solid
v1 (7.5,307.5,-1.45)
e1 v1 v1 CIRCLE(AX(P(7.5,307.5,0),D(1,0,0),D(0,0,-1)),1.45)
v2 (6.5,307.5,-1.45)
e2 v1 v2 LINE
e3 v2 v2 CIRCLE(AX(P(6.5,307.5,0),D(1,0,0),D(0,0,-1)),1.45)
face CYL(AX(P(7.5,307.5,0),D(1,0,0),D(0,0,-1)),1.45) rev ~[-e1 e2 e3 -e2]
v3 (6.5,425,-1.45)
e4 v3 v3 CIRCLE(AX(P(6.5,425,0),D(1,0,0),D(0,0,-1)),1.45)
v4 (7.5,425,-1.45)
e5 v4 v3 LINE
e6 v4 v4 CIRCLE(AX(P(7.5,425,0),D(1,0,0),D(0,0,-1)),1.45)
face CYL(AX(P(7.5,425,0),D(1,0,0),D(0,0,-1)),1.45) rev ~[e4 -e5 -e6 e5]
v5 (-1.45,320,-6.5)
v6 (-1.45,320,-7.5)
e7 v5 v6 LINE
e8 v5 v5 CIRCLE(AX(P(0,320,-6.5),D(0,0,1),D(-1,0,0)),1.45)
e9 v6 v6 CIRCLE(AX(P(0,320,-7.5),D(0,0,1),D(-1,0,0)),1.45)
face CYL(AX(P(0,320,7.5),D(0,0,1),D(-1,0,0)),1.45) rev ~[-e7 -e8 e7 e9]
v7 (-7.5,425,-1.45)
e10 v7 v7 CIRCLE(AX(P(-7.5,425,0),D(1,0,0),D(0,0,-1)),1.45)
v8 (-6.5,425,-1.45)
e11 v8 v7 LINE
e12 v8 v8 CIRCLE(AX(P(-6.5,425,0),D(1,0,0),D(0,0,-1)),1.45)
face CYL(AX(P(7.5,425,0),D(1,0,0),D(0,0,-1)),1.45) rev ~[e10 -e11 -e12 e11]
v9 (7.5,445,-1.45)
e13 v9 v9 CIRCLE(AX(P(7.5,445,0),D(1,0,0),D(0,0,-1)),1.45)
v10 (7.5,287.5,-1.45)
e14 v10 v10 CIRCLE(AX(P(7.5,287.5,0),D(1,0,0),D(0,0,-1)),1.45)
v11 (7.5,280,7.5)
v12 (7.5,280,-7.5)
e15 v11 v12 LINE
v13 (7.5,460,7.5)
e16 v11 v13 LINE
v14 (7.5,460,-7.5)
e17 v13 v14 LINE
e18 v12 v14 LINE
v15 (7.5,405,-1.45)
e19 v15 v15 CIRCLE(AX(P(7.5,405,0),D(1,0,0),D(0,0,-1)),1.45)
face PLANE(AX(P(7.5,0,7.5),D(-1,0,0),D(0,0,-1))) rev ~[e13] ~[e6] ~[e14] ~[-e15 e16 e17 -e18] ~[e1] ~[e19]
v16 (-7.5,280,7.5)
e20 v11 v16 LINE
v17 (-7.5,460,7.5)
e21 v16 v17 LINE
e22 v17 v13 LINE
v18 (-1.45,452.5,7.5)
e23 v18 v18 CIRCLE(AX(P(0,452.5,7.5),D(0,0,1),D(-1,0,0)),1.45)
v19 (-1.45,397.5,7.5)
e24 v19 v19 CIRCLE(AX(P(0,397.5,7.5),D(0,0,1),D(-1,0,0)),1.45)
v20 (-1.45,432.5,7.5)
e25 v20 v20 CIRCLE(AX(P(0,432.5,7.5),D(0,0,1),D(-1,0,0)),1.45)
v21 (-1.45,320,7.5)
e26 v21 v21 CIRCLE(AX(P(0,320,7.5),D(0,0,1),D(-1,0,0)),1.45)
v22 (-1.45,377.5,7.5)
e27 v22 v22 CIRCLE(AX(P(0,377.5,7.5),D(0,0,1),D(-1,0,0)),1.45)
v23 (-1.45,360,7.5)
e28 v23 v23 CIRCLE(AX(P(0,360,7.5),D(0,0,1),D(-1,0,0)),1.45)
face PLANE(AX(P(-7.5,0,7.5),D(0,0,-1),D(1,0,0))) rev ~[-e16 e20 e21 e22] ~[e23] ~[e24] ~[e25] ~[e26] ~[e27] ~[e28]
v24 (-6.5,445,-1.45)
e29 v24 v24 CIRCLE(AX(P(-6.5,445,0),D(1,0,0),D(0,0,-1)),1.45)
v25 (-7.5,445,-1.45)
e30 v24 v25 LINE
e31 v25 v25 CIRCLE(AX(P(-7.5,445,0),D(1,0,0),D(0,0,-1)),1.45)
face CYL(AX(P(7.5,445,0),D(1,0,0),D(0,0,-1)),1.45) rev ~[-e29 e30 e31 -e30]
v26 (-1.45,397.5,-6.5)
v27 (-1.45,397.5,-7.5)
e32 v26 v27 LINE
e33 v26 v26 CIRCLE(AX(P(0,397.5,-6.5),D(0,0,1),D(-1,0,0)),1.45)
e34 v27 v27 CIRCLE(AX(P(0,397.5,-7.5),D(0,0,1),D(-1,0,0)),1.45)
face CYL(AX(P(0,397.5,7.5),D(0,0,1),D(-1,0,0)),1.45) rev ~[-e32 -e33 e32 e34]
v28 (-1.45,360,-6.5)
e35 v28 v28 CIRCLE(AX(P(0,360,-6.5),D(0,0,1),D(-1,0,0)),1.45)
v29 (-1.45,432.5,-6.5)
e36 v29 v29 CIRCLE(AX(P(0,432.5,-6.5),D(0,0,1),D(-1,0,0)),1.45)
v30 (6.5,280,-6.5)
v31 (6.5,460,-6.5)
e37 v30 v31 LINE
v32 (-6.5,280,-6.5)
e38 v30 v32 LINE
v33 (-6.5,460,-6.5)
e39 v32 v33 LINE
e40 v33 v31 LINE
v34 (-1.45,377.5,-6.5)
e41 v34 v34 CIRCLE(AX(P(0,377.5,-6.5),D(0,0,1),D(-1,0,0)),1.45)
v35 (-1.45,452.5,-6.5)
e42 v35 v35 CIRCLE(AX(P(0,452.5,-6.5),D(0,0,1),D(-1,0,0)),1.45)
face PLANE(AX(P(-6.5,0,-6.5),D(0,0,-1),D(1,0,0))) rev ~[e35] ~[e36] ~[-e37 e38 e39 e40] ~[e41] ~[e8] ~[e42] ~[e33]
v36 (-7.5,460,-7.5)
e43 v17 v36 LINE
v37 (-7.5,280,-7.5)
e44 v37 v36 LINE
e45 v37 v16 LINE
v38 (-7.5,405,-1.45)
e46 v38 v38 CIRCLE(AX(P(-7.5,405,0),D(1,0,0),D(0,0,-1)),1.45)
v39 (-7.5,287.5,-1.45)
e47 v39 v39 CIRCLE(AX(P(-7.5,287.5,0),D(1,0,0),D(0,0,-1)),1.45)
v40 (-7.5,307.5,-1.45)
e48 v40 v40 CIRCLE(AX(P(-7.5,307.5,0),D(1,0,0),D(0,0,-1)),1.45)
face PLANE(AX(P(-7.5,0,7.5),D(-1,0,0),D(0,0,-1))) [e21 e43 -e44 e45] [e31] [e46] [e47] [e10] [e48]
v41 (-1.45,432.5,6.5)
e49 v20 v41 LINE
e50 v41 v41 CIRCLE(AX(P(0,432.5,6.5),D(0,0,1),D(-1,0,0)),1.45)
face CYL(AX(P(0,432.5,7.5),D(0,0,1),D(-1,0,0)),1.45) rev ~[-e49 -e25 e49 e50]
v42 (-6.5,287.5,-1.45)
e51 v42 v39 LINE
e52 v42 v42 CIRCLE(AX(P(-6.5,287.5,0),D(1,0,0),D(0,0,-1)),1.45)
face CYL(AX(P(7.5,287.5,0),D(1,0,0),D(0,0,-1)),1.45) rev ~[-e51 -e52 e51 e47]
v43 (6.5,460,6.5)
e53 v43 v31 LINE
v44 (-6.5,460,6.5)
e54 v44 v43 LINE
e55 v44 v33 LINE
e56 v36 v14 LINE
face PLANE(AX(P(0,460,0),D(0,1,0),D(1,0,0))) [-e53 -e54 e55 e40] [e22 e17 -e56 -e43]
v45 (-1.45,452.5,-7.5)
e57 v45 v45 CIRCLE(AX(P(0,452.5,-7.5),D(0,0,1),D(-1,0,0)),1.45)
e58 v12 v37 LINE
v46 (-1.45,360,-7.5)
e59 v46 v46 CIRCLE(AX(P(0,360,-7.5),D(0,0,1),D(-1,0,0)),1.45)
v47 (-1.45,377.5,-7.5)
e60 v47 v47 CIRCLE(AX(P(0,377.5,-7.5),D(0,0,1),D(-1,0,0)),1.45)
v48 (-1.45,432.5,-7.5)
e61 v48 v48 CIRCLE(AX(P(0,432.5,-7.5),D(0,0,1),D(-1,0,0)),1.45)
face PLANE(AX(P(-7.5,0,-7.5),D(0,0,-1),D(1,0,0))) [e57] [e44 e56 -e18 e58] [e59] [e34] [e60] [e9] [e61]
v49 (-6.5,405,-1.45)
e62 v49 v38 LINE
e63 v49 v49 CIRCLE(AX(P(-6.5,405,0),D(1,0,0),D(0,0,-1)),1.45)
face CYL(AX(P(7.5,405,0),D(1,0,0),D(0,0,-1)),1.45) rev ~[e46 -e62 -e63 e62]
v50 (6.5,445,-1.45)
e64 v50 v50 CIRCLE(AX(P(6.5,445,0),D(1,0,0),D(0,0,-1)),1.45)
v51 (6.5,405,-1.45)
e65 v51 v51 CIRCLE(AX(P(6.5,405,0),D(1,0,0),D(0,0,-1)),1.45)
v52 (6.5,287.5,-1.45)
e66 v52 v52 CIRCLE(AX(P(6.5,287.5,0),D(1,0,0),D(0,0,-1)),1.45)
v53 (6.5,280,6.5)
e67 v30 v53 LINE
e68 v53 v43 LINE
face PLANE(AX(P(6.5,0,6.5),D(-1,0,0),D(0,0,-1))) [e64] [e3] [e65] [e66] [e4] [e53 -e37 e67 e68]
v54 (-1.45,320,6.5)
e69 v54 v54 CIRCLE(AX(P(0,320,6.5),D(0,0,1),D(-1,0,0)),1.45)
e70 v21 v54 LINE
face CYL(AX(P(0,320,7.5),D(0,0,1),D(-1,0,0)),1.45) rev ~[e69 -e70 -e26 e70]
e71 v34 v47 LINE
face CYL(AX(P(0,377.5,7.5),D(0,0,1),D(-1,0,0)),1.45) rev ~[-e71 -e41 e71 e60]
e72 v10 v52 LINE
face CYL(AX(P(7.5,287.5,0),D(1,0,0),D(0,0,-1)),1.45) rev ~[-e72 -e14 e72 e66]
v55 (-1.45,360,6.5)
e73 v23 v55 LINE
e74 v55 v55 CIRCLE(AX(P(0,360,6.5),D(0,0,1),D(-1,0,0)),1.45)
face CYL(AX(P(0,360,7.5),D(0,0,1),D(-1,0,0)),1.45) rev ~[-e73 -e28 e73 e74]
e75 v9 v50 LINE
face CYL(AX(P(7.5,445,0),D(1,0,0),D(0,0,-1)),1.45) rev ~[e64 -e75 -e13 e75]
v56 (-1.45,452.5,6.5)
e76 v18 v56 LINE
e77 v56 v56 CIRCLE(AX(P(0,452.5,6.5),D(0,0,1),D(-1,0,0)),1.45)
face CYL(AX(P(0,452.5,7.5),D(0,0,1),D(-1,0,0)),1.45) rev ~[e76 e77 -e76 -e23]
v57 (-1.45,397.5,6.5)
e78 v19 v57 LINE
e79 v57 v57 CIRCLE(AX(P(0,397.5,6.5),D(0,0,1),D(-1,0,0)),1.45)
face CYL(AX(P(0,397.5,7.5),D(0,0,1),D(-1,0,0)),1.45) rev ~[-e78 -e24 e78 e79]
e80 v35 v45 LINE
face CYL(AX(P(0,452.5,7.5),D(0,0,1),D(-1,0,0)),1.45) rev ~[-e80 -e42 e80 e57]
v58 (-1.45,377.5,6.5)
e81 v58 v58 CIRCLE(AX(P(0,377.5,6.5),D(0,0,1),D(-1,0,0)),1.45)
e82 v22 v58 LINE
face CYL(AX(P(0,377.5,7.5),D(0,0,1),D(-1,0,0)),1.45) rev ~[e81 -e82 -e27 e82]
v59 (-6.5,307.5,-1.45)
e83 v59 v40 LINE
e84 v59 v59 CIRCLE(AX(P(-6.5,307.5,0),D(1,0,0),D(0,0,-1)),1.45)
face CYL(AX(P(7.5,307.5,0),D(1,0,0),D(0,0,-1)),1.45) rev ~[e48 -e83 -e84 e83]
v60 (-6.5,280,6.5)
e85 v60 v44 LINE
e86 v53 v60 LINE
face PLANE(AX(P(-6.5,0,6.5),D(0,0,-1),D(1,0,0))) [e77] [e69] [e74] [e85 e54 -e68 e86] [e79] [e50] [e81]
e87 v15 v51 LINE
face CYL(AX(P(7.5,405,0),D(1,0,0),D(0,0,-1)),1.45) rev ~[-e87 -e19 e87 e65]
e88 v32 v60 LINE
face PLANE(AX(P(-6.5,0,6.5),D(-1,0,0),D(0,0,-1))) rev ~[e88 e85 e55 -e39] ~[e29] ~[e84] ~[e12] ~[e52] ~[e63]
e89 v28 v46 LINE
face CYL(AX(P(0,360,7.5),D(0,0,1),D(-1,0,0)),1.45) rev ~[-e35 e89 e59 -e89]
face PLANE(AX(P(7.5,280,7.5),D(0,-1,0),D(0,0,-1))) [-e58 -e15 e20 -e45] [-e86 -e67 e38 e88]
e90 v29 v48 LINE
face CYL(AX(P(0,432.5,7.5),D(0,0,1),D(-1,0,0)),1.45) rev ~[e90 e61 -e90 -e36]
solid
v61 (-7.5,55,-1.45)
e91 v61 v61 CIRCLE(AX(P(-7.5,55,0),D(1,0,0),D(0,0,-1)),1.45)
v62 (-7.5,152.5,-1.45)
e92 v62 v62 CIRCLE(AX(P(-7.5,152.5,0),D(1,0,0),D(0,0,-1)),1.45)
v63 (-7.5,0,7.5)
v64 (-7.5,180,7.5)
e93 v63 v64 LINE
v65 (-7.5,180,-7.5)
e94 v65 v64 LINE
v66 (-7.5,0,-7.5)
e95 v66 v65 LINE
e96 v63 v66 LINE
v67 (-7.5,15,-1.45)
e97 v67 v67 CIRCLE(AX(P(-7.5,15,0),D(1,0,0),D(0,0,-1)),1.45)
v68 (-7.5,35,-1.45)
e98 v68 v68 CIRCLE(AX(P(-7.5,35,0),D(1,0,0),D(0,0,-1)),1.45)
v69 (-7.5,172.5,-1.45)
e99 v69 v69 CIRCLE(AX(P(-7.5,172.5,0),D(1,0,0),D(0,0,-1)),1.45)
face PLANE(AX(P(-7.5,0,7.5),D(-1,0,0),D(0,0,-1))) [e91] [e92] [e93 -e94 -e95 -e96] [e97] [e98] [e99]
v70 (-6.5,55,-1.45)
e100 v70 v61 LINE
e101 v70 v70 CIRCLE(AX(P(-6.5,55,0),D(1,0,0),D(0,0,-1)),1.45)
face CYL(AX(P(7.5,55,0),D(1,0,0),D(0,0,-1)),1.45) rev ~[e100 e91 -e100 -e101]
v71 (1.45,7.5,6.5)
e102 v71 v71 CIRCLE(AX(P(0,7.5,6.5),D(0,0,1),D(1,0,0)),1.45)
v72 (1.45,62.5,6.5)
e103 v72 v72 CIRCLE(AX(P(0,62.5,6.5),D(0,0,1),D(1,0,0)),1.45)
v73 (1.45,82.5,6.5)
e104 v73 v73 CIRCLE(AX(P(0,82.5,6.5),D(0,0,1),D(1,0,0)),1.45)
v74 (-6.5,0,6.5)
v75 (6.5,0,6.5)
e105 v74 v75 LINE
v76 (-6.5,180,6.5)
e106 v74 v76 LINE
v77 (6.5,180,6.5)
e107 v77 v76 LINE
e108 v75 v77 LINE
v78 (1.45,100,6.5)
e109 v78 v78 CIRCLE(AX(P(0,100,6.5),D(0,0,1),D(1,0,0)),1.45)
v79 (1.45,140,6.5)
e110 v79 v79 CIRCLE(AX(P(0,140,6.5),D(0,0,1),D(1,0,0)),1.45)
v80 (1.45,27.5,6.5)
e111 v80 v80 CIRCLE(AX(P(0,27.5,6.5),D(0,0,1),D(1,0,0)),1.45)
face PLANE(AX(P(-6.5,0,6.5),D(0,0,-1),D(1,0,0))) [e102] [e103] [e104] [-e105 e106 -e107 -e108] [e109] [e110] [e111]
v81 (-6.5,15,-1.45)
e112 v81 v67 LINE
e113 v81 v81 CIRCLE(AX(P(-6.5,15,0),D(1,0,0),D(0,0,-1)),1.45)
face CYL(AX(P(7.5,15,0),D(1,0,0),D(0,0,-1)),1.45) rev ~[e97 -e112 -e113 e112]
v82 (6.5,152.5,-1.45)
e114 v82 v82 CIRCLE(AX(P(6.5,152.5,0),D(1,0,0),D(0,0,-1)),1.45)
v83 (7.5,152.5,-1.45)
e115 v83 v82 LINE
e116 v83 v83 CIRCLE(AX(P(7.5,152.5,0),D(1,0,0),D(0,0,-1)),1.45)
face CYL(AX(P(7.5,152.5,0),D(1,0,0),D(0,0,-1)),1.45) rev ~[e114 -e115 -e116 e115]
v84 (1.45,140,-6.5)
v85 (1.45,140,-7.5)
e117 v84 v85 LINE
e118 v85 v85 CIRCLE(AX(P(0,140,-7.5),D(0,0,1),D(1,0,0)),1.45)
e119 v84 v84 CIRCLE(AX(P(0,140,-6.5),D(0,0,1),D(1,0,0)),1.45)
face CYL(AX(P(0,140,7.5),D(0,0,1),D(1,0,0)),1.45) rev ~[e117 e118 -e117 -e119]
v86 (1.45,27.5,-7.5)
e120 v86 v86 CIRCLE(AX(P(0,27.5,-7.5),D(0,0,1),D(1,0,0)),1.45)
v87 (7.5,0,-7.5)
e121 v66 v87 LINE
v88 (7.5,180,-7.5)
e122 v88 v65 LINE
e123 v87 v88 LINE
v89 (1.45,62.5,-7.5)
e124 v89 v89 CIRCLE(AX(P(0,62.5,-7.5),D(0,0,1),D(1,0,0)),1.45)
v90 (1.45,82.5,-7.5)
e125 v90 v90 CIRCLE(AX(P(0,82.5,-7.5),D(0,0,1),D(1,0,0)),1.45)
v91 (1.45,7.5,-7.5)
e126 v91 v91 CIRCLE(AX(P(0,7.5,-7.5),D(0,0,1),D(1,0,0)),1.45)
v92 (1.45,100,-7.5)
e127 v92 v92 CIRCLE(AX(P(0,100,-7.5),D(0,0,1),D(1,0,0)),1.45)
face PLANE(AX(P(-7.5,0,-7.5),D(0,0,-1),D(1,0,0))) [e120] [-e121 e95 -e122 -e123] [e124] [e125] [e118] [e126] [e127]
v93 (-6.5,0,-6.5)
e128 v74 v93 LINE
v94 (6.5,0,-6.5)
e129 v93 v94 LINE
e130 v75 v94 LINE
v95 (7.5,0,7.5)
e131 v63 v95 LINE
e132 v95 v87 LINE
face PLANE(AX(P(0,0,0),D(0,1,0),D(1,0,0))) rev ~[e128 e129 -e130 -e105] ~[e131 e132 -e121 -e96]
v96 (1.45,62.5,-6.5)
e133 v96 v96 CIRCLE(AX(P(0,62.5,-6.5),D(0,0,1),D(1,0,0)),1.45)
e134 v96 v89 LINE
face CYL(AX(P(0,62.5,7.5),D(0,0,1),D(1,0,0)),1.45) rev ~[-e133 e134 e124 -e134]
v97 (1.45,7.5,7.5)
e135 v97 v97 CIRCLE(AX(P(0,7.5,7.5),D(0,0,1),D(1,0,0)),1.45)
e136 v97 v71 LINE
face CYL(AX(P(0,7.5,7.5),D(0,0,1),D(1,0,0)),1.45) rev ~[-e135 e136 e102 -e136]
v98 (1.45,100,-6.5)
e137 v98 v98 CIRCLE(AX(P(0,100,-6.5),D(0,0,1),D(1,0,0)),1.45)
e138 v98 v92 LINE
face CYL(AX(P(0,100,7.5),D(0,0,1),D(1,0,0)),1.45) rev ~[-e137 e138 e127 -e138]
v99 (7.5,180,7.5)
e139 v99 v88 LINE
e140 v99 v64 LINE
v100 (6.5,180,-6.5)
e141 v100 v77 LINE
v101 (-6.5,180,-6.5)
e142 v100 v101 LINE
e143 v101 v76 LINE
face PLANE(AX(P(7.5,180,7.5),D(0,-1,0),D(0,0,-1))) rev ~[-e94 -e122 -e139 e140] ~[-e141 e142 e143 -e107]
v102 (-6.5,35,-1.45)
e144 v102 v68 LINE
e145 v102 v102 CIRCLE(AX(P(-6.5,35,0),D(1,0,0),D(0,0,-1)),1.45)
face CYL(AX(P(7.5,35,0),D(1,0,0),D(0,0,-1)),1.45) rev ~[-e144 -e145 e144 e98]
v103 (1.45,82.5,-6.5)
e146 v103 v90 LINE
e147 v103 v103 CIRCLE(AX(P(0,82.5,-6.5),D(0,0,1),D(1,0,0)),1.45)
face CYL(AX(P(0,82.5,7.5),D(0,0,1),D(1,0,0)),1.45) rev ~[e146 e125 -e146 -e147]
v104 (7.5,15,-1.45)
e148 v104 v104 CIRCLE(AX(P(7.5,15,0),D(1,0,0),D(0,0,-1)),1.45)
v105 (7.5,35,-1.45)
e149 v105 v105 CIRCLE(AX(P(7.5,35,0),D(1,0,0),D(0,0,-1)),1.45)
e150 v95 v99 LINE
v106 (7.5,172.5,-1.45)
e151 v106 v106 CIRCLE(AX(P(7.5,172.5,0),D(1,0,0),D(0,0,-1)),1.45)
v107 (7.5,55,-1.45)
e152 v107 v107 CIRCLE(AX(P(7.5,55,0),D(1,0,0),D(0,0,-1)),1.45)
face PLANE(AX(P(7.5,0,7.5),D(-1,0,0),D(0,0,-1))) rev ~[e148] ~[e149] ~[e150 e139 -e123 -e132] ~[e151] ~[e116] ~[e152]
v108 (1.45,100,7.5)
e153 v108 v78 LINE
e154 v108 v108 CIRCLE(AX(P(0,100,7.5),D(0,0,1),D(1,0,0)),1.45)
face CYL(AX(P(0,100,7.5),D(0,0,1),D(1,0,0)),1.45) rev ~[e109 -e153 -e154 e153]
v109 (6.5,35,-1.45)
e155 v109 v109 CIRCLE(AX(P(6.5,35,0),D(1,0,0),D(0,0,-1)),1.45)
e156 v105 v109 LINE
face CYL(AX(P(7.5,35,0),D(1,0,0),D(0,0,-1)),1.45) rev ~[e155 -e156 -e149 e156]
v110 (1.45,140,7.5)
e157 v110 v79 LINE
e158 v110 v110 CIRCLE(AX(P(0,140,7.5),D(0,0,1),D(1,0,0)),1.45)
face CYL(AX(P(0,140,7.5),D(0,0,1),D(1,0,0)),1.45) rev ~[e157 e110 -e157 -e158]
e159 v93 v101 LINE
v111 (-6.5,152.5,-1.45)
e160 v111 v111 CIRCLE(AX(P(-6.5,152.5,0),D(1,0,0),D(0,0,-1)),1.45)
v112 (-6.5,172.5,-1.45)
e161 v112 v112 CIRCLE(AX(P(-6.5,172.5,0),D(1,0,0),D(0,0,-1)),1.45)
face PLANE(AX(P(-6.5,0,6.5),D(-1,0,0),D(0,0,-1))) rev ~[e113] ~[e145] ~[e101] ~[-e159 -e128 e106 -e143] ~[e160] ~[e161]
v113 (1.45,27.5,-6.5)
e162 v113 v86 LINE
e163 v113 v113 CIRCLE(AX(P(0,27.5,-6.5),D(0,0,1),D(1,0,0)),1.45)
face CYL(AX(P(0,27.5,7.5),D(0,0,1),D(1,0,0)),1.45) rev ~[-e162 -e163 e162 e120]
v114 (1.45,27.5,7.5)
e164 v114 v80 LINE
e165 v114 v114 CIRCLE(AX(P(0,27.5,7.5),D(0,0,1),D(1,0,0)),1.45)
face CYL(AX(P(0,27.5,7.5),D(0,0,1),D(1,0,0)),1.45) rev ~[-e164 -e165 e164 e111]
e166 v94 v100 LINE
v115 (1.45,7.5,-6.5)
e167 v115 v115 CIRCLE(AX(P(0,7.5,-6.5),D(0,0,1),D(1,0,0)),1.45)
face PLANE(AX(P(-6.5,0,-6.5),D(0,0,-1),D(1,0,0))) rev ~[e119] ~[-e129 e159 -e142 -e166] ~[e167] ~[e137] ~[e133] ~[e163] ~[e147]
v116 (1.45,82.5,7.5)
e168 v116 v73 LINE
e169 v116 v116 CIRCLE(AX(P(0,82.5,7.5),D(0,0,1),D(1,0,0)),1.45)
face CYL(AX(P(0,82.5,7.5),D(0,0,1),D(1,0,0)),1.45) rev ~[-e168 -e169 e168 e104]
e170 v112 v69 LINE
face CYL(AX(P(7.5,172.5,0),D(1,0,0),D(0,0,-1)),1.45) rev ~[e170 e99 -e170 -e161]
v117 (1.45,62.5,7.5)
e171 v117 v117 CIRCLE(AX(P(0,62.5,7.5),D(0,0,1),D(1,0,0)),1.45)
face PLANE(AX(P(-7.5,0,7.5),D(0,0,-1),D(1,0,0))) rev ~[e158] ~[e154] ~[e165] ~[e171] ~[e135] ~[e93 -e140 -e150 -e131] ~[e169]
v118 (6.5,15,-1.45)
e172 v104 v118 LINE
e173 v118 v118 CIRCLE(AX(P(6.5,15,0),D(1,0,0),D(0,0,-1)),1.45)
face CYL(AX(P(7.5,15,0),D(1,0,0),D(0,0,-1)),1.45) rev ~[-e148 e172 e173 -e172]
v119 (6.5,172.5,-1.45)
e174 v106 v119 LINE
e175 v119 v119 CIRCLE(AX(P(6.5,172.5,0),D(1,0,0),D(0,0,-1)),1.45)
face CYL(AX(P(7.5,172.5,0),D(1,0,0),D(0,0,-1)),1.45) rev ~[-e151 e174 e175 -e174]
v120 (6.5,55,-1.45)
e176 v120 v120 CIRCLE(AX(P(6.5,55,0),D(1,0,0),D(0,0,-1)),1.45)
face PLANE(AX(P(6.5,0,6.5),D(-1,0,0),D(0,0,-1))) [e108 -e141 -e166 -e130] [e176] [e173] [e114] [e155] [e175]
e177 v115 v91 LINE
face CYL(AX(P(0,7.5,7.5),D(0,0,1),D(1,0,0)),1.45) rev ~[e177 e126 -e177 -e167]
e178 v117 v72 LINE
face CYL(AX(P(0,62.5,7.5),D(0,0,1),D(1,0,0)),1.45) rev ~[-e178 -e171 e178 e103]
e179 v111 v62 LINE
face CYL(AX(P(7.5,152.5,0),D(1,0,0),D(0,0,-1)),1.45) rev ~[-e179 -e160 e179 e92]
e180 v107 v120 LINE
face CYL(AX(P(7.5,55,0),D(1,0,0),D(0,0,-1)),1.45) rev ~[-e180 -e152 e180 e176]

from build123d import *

# Parameters (mm, degrees)
SKETCH_1_W          = 15
SKETCH_1_H          = 15
SKETCH_1_W_2        = 13
SKETCH_1_H_2        = 13
EXTRUDE_1_DEPTH     = 460
SKETCH_2_R          = 1.45
CUT_EXTRUDE_1_DEPTH = 461.305605006
SKETCH_3_R          = 1.45
CUT_EXTRUDE_2_DEPTH = 461.305605006
SKETCH_4_W          = 15
SKETCH_4_H          = 100
CUT_EXTRUDE_3_DEPTH = 461.305605006


with BuildPart() as part:
    # 草图1 → 拉伸-薄壁1 (new body)
    with BuildSketch(Plane(origin=(0, 0, 0), x_dir=(1, 0, 0), z_dir=(0, 1, 0))):
        Rectangle(SKETCH_1_W, SKETCH_1_H)
        Rectangle(SKETCH_1_W_2, SKETCH_1_H_2, mode=Mode.SUBTRACT)
    extrude(amount=EXTRUDE_1_DEPTH)

    # 草图2 → 切除-拉伸1 (cut, through all)
    with BuildSketch(Plane.XY.offset(7.5)):
        with Locations((0, 7.5)):
            Circle(SKETCH_2_R)
        with Locations((0, 27.5)):
            Circle(SKETCH_2_R)
        with Locations(Location((0, 432.5, 0), (0, 0, 180))):
            Circle(SKETCH_2_R)
        with Locations(Location((0, 452.5, 0), (0, 0, 180))):
            Circle(SKETCH_2_R)
        with Locations((0, 62.5)):
            Circle(SKETCH_2_R)
        with Locations((0, 82.5)):
            Circle(SKETCH_2_R)
        with Locations(Location((0, 377.5, 0), (0, 0, 180))):
            Circle(SKETCH_2_R)
        with Locations(Location((0, 397.5, 0), (0, 0, 180))):
            Circle(SKETCH_2_R)
        with Locations((0, 140)):
            Circle(SKETCH_2_R)
        with Locations((0, 100)):
            Circle(SKETCH_2_R)
        with Locations(Location((0, 360, 0), (0, 0, 180))):
            Circle(SKETCH_2_R)
        with Locations(Location((0, 320, 0), (0, 0, 180))):
            Circle(SKETCH_2_R)
    extrude(amount=-CUT_EXTRUDE_1_DEPTH, mode=Mode.SUBTRACT)

    # 草图3 → 切除-拉伸2 (cut, through all)
    with BuildSketch(Plane(origin=(7.5, 0, 0), x_dir=(0, 0, -1), z_dir=(1, 0, 0))):
        with Locations((0, 15)):
            Circle(SKETCH_3_R)
        with Locations((0, 35)):
            Circle(SKETCH_3_R)
        with Locations((0, 425)):
            Circle(SKETCH_3_R)
        with Locations((0, 445)):
            Circle(SKETCH_3_R)
        with Locations((0, 172.5)):
            Circle(SKETCH_3_R)
        with Locations((0, 192.5)):
            Circle(SKETCH_3_R)
        with Locations((0, 152.5)):
            Circle(SKETCH_3_R)
        with Locations((0, 307.5)):
            Circle(SKETCH_3_R)
        with Locations((0, 267.5)):
            Circle(SKETCH_3_R)
        with Locations((0, 287.5)):
            Circle(SKETCH_3_R)
        with Locations((0, 55)):
            Circle(SKETCH_3_R)
        with Locations((0, 405)):
            Circle(SKETCH_3_R)
    extrude(amount=-CUT_EXTRUDE_2_DEPTH, mode=Mode.SUBTRACT)

    # 草图4 → 切除-拉伸3 (cut, through all)
    with BuildSketch(Plane(origin=(7.5, 0, 0), x_dir=(0, 0, -1), z_dir=(1, 0, 0))):
        with Locations((0, 230)):
            Rectangle(SKETCH_4_W, SKETCH_4_H)
    extrude(amount=-CUT_EXTRUDE_3_DEPTH, mode=Mode.SUBTRACT)


with BuildPart() as cut_extrude_3_piece_1:
    # of the separate pieces the step leaves, piece 1, a body of its own (cut_extrude_3_pieces)
    add(part.part.solids().sort_by_distance((7.5, 280, -7.5))[0])


with BuildPart() as cut_extrude_3_piece_2:
    # of the separate pieces the step leaves, piece 2, a body of its own (cut_extrude_3_pieces)
    add(part.part.solids().sort_by_distance((7.5, 0, -7.5))[0])


solid = Compound([cut_extrude_3_piece_1.part, cut_extrude_3_piece_2.part])
